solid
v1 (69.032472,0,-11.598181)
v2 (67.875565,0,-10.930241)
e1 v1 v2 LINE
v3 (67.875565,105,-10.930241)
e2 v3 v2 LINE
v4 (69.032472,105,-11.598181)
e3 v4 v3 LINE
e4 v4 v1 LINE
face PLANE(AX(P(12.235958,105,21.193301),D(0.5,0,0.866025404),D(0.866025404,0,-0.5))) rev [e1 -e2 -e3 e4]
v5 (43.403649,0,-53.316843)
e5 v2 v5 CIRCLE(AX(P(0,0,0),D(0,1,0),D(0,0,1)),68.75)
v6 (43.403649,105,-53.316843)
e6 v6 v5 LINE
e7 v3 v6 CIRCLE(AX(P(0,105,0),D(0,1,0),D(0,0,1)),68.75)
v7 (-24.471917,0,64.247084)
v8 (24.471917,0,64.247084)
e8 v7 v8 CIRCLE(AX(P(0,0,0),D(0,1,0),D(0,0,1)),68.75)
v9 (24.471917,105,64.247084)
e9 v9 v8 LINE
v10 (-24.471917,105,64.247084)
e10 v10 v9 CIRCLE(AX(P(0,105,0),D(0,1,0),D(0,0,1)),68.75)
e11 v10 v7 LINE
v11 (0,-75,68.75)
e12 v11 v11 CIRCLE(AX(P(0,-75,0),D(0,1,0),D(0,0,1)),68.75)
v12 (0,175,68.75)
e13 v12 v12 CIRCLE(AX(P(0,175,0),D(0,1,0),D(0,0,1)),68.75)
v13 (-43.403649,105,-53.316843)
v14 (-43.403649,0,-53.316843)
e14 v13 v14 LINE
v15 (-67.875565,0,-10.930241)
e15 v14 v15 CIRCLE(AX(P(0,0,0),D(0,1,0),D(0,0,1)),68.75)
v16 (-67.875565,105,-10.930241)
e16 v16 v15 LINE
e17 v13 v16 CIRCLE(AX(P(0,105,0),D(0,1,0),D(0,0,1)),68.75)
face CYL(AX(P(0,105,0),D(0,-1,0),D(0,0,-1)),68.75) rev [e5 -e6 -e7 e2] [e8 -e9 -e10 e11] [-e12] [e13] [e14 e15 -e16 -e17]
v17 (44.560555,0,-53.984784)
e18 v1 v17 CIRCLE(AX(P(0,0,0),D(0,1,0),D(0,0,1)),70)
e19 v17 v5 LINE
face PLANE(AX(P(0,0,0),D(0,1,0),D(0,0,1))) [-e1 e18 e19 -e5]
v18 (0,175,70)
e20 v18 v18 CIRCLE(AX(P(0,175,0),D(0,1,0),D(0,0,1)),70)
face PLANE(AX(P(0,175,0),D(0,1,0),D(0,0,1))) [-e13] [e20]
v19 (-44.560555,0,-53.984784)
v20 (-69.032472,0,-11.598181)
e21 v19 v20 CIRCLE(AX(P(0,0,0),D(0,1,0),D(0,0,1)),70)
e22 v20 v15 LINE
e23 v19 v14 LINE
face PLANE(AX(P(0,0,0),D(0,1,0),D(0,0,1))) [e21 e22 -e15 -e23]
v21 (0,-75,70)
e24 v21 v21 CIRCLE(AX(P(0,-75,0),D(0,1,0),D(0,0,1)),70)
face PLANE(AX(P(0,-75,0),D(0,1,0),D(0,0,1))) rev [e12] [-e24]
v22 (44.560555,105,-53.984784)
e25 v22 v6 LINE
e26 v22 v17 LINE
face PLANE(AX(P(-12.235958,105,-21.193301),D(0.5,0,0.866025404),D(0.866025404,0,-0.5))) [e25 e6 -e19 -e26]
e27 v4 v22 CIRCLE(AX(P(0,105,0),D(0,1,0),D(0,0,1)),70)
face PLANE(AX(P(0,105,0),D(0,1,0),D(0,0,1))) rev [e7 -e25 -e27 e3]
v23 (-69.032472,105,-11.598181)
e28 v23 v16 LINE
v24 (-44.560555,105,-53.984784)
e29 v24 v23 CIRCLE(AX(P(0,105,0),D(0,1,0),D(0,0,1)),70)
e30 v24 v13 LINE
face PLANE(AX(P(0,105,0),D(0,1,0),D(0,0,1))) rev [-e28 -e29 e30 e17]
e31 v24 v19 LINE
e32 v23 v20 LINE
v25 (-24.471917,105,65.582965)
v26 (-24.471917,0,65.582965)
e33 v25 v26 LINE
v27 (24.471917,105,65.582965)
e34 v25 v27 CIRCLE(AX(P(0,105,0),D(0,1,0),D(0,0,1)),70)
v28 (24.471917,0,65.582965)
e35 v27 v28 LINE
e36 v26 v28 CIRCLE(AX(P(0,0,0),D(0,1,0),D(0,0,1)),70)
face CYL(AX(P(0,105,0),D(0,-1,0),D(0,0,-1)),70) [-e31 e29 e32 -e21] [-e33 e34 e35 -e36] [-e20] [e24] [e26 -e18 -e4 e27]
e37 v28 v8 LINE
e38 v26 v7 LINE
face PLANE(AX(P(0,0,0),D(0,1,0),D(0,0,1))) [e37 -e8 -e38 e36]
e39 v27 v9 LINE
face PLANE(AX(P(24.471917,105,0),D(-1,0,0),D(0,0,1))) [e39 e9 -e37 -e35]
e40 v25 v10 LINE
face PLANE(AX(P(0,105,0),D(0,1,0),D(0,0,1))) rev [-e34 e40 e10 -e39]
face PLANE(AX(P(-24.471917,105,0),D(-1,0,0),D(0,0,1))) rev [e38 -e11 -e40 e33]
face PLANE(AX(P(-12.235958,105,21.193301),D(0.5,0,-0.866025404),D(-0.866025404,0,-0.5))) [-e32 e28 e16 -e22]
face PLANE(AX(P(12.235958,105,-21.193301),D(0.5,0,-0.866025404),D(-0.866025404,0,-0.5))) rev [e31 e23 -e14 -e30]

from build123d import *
from build123d.topology import SkipClean

# Parameters (mm, degrees)
BOSS_EXTRUDE7_DEPTH   = 105
BOSS_EXTRUDE7_2_DEPTH = 105
BOSS_EXTRUDE7_3_DEPTH = 105
BOSS_EXTRUDE8_START   = 105
BOSS_EXTRUDE8_DEPTH   = 70
BOSS_EXTRUDE9_START   = -75
BOSS_EXTRUDE9_DEPTH   = 75


with BuildPart() as part:
    # Sketch1 → Boss-Extrude7 (new body)
    with BuildSketch(Plane(origin=(0, 0, 0), x_dir=(1, 0, 0), z_dir=(0, 1, 0))):
        with BuildLine():
            ThreePointArc((44.560555468860024, 53.984783933129265), (3.537e-14, 70.00000000000001), (-44.56055546885996, 53.98478393312931))
            Line((-44.56055546886001, 53.984783933129364), (-43.403648557534325, 53.31684341644816))
            ThreePointArc((-43.403648557534325, 53.31684341644814), (1.28652e-12, 68.75), (43.403648557536336, 53.3168434164465))
            Line((43.40364855753577, 53.3168434164489), (44.56055546886009, 53.984783933129336))
        make_face()
    extrude(amount=BOSS_EXTRUDE7_DEPTH)



with BuildPart() as body_2:
    # Sketch1 → Boss-Extrude7 2 (new body)
    with BuildSketch(Plane(origin=(0, 0, 0), x_dir=(1, 0, 0), z_dir=(0, 1, 0))):
        with BuildLine():
            ThreePointArc((70.00000000000001, 0), (69.75769865284899, 5.819233511237749), (69.03247203833395, 11.598181076213804))
            Line((69.03247203833403, 11.59818107621382), (67.87556512700833, 10.930240559532546))
            ThreePointArc((67.87556512700833, 10.930240559532546), (68.53104261019901, 5.482581395573491), (68.75, 0))
            ThreePointArc((68.75, -1.684e-14), (56.60833315047941, -39.01357607198209), (24.471916569473954, -64.24708397598062))
            Line((24.47191656947394, -64.24708397598064), (24.471916569473937, -65.58296500934298))
            ThreePointArc((24.47191656947391, -65.58296500934301), (57.50232238728785, -39.91845337771012), (70.00000000000001, -1.715e-14))
        make_face()
    extrude(amount=BOSS_EXTRUDE7_2_DEPTH)


with BuildPart() as body_3:
    # Sketch1 → Boss-Extrude7 3 (new body)
    with BuildSketch(Plane(origin=(0, 0, 0), x_dir=(1, 0, 0), z_dir=(0, 1, 0))):
        with BuildLine():
            Line((-67.87556512700831, 10.93024055953267), (-69.03247203833394, 11.598181076213848))
            ThreePointArc((-69.03247203833394, 11.598181076213844), (-60.621778264910745, -34.999999999999964), (-24.471916569473937, -65.58296500934301))
            Line((-24.471916569473937, -65.58296500934298), (-24.47191656947394, -64.24708397598064))
            ThreePointArc((-24.47191656947398, -64.24708397598062), (-53.31684341644806, -43.40364855753442), (-67.87556512700831, -10.930240559532654))
            ThreePointArc((-67.87556512700831, -10.930240559532654), (-68.75, 8.42e-15), (-67.87556512700831, 10.93024055953267))
        make_face()
    extrude(amount=BOSS_EXTRUDE7_3_DEPTH)


with BuildPart() as part_1:
    add(part.part)

    add(body_2.part)  # Boss-Extrude8 merges body 2

    add(body_3.part)  # Boss-Extrude8 merges body 3
    # Sketch1<22> → Boss-Extrude8 (add)
    with BuildSketch(Plane(origin=(0, 0, 0), x_dir=(1, 0, 0), z_dir=(0, 1, 0)).offset(BOSS_EXTRUDE8_START)):
        with BuildLine():
            Line((-44.56055546886001, 53.984783933129364), (-46.48344921652614, 50.6542342646151))
            ThreePointArc((-46.4834492165269, 50.654234264615674), (-44.96326231975128, 52.008341076842996), (-43.403648557534325, 53.31684341644814))
            Line((-43.403648557534325, 53.31684341644816), (-44.56055546886001, 53.984783933129364))
        make_face()
        with BuildLine():
            ThreePointArc((-53.90604277152018, 42.669673688874596), (-50.353260344306015, 46.809311816117734), (-46.4834492165269, 50.654234264615674))
            Line((-46.48344921652614, 50.6542342646151), (-44.56055546886001, 53.984783933129364))
            ThreePointArc((-44.56055546885996, 53.98478393312931), (-50.06606053801366, 48.9222810404825), (-54.99999999999996, 43.30127018922201))
            Line((-54.99999999999998, 43.30127018922202), (-53.9060427715193, 42.66967368887677))
        make_face()
        with BuildLine():
            ThreePointArc((-63.90604277151851, 25.349165613188287), (-62.93593715669987, 27.670025554883836), (-61.88157858292415, 29.953843360834068))
            ThreePointArc((-61.88157858292415, 29.953843360834068), (-58.241878403455715, 36.530071174815404), (-53.90604277152018, 42.669673688874596))
            Line((-53.9060427715193, 42.66967368887677), (-54.99999999999998, 43.30127018922202))
            ThreePointArc((-54.99999999999996, 43.30127018922201), (-60.621778264910674, 35.000000000000085), (-64.99999999999997, 25.980762113533245))
            Line((-64.99999999999997, 25.980762113533242), (-63.90604277151891, 25.349165613187772))
        make_face()
        with BuildLine():
            Line((-69.03247203833394, 11.598181076213848), (-67.10957829067064, 14.92873074472319))
            ThreePointArc((-67.10957829066999, 14.928730744722952), (-65.71468333857909, 20.20254671347838), (-63.90604277151851, 25.349165613188287))
            Line((-63.90604277151891, 25.349165613187772), (-64.99999999999997, 25.980762113533242))
            ThreePointArc((-64.99999999999997, 25.980762113533245), (-67.40096846114643, 18.897339773088344), (-69.03247203833394, 11.598181076213844))
        make_face()
        with BuildLine():
            ThreePointArc((-67.87556512700831, 10.93024055953267), (-67.5221757411079, 12.935156867504151), (-67.10957829066999, 14.928730744722952))
            Line((-67.10957829067064, 14.92873074472319), (-69.03247203833394, 11.598181076213848))
            Line((-69.03247203833394, 11.598181076213848), (-67.87556512700831, 10.93024055953267))
        make_face()
        with BuildLine():
            Line((-67.87556512700831, 10.93024055953267), (-69.03247203833394, 11.598181076213848))
            ThreePointArc((-69.03247203833394, 11.598181076213844), (-60.621778264910745, -34.999999999999964), (-24.471916569473937, -65.58296500934301))
            Line((-24.471916569473937, -65.58296500934298), (-24.47191656947394, -64.24708397598064))
            ThreePointArc((-24.47191656947398, -64.24708397598062), (-53.31684341644806, -43.40364855753442), (-67.87556512700831, -10.930240559532654))
            ThreePointArc((-67.87556512700831, -10.930240559532654), (-68.75, 8.42e-15), (-67.87556512700831, 10.93024055953267))
        make_face()
        with BuildLine():
            Line((-24.47191656947394, -64.24708397598064), (-24.471916569473937, -65.58296500934298))
            Line((-24.471916569473937, -65.58296500934298), (-20.626129074147464, -65.58296500934298))
            ThreePointArc((-20.626129074147347, -65.58296500934227), (-22.558913421358792, -64.9434979443488), (-24.47191656947398, -64.24708397598062))
        make_face()
        with BuildLine():
            Line((-20.626129074147464, -65.58296500934298), (-24.471916569473937, -65.58296500934298))
            ThreePointArc((-24.471916569473937, -65.58296500934301), (-17.334907923132807, -67.81962081357068), (-10.000000000000046, -69.2820323027551))
            Line((-10.000000000000002, -69.28203230275511), (-10.000000000000002, -68.01883930206449))
            ThreePointArc((-9.999999999998154, -68.01883930206422), (-15.361422994275008, -67.01185852959877), (-20.626129074147347, -65.58296500934227))
        make_face()
        with BuildLine():
            Line((-10.000000000000002, -68.01883930206449), (-10.000000000000002, -69.28203230275511))
            ThreePointArc((-10.000000000000046, -69.2820323027551), (-1.286e-14, -70.00000000000001), (10.000000000000021, -69.2820323027551))
            Line((10.000000000000002, -69.28203230275511), (10.000000000000002, -68.01883930206453))
            ThreePointArc((9.999999999997948, -68.01883930206425), (7.5050235244553045, -68.33913316612505), (5.000000000000001, -68.56794075951238))
            ThreePointArc((5.000000000000001, -68.56794075951238), (-2.5150304377160433, -68.70398184892461), (-9.999999999998154, -68.01883930206422))
        make_face()
        with BuildLine():
            Line((20.626129074142252, -65.58296500934298), (24.471916569473937, -65.58296500934298))
            Line((24.471916569473937, -65.58296500934298), (24.47191656947394, -64.24708397598064))
            ThreePointArc((24.471916569473954, -64.24708397598062), (22.55891342135629, -64.94349794434969), (20.62612907414237, -65.58296500934384))
        make_face()
        with BuildLine():
            Line((10.000000000000002, -68.01883930206453), (10.000000000000002, -69.28203230275511))
            ThreePointArc((10.000000000000021, -69.2820323027551), (17.334907923132782, -67.8196208135707), (24.47191656947391, -65.58296500934301))
            Line((24.471916569473937, -65.58296500934298), (20.626129074142252, -65.58296500934298))
            ThreePointArc((20.62612907414237, -65.58296500934384), (15.361422994272365, -67.01185852959937), (9.999999999997948, -68.01883930206425))
        make_face()
        with BuildLine():
            ThreePointArc((70.00000000000001, 0), (69.75769865284899, 5.819233511237749), (69.03247203833395, 11.598181076213804))
            Line((69.03247203833403, 11.59818107621382), (67.87556512700833, 10.930240559532546))
            ThreePointArc((67.87556512700833, 10.930240559532546), (68.53104261019901, 5.482581395573491), (68.75, 0))
            ThreePointArc((68.75, -1.684e-14), (56.60833315047941, -39.01357607198209), (24.471916569473954, -64.24708397598062))
            Line((24.47191656947394, -64.24708397598064), (24.471916569473937, -65.58296500934298))
            ThreePointArc((24.47191656947391, -65.58296500934301), (57.50232238728785, -39.91845337771012), (70.00000000000001, -1.715e-14))
        make_face()
        with BuildLine():
            Line((67.87556512700833, 10.930240559532546), (69.03247203833403, 11.59818107621382))
            Line((69.03247203833403, 11.59818107621382), (67.10957829066899, 14.928730744726206))
            ThreePointArc((67.10957829066923, 14.9287307447263), (67.52217574110759, 12.935156867505773), (67.87556512700833, 10.930240559532546))
        make_face()
        with BuildLine():
            ThreePointArc((69.03247203833395, 11.598181076213804), (67.40096846114645, 18.897339773088273), (65.00000000000001, 25.980762113533164))
            Line((65.00000000000011, 25.980762113533206), (63.90604277151851, 25.349165613187427))
            ThreePointArc((63.906042771519196, 25.34916561318654), (65.71468333857887, 20.202546713479123), (67.10957829066923, 14.9287307447263))
            Line((67.10957829066899, 14.928730744726206), (69.03247203833403, 11.59818107621382))
        make_face()
        with BuildLine():
            ThreePointArc((65.00000000000001, 25.980762113533164), (60.62177826491072, 35), (55.00000000000002, 43.30127018922193))
            Line((55.0000000000001, 43.30127018922198), (53.90604277151935, 42.6696736888767))
            ThreePointArc((53.906042771520234, 42.66967368887453), (55.43091363224439, 40.669107611240534), (56.88157858292419, 38.614097398678375))
            ThreePointArc((56.88157858292419, 38.614097398678375), (60.75690884117242, 32.17391067410776), (63.906042771519196, 25.34916561318654))
            Line((63.90604277151851, 25.349165613187427), (65.00000000000011, 25.980762113533206))
        make_face()
        with BuildLine():
            ThreePointArc((55.00000000000002, 43.30127018922193), (50.0660605380137, 48.92228104048245), (44.560555468860024, 53.984783933129265))
            Line((44.56055546886009, 53.984783933129336), (46.48344921652566, 50.654234264616036))
            ThreePointArc((46.48344921652611, 50.6542342646164), (50.353260344305696, 46.809311816118075), (53.906042771520234, 42.66967368887453))
            Line((53.90604277151935, 42.6696736888767), (55.0000000000001, 43.30127018922198))
        make_face()
        with BuildLine():
            Line((44.56055546886009, 53.984783933129336), (43.40364855753577, 53.3168434164489))
            ThreePointArc((43.403648557536336, 53.3168434164465), (44.96326231975186, 52.0083410768425), (46.48344921652611, 50.6542342646164))
            Line((46.48344921652566, 50.654234264616036), (44.56055546886009, 53.984783933129336))
        make_face()
        with BuildLine():
            ThreePointArc((44.560555468860024, 53.984783933129265), (3.537e-14, 70.00000000000001), (-44.56055546885996, 53.98478393312931))
            Line((-44.56055546886001, 53.984783933129364), (-43.403648557534325, 53.31684341644816))
            ThreePointArc((-43.403648557534325, 53.31684341644814), (1.28652e-12, 68.75), (43.403648557536336, 53.3168434164465))
            Line((43.40364855753577, 53.3168434164489), (44.56055546886009, 53.984783933129336))
        make_face()
    extrude(amount=BOSS_EXTRUDE8_DEPTH)

    # Sketch1<23> → Boss-Extrude9 (add)
    with SkipClean():  # the faces are left unmerged after this step: merging them gives an invalid solid
        with BuildSketch(Plane(origin=(0, 0, 0), x_dir=(1, 0, 0), z_dir=(0, 1, 0)).offset(BOSS_EXTRUDE9_START)):
            with BuildLine():
                ThreePointArc((-53.90604277152018, 42.669673688874596), (-50.353260344306015, 46.809311816117734), (-46.4834492165269, 50.654234264615674))
                Line((-46.48344921652614, 50.6542342646151), (-44.56055546886001, 53.984783933129364))
                ThreePointArc((-44.56055546885996, 53.98478393312931), (-50.06606053801366, 48.9222810404825), (-54.99999999999996, 43.30127018922201))
                Line((-54.99999999999998, 43.30127018922202), (-53.9060427715193, 42.66967368887677))
            make_face()
            with BuildLine():
                ThreePointArc((-63.90604277151851, 25.349165613188287), (-62.93593715669987, 27.670025554883836), (-61.88157858292415, 29.953843360834068))
                ThreePointArc((-61.88157858292415, 29.953843360834068), (-58.241878403455715, 36.530071174815404), (-53.90604277152018, 42.669673688874596))
                Line((-53.9060427715193, 42.66967368887677), (-54.99999999999998, 43.30127018922202))
                ThreePointArc((-54.99999999999996, 43.30127018922201), (-60.621778264910674, 35.000000000000085), (-64.99999999999997, 25.980762113533245))
                Line((-64.99999999999997, 25.980762113533242), (-63.90604277151891, 25.349165613187772))
            make_face()
            with BuildLine():
                Line((-69.03247203833394, 11.598181076213848), (-67.10957829067064, 14.92873074472319))
                ThreePointArc((-67.10957829066999, 14.928730744722952), (-65.71468333857909, 20.20254671347838), (-63.90604277151851, 25.349165613188287))
                Line((-63.90604277151891, 25.349165613187772), (-64.99999999999997, 25.980762113533242))
                ThreePointArc((-64.99999999999997, 25.980762113533245), (-67.40096846114643, 18.897339773088344), (-69.03247203833394, 11.598181076213844))
            make_face()
            with BuildLine():
                ThreePointArc((-67.87556512700831, 10.93024055953267), (-67.5221757411079, 12.935156867504151), (-67.10957829066999, 14.928730744722952))
                Line((-67.10957829067064, 14.92873074472319), (-69.03247203833394, 11.598181076213848))
                Line((-69.03247203833394, 11.598181076213848), (-67.87556512700831, 10.93024055953267))
            make_face()
            with BuildLine():
                Line((-67.87556512700831, 10.93024055953267), (-69.03247203833394, 11.598181076213848))
                ThreePointArc((-69.03247203833394, 11.598181076213844), (-60.621778264910745, -34.999999999999964), (-24.471916569473937, -65.58296500934301))
                Line((-24.471916569473937, -65.58296500934298), (-24.47191656947394, -64.24708397598064))
                ThreePointArc((-24.47191656947398, -64.24708397598062), (-53.31684341644806, -43.40364855753442), (-67.87556512700831, -10.930240559532654))
                ThreePointArc((-67.87556512700831, -10.930240559532654), (-68.75, 8.42e-15), (-67.87556512700831, 10.93024055953267))
            make_face()
            with BuildLine():
                Line((-44.56055546886001, 53.984783933129364), (-46.48344921652614, 50.6542342646151))
                ThreePointArc((-46.4834492165269, 50.654234264615674), (-44.96326231975128, 52.008341076842996), (-43.403648557534325, 53.31684341644814))
                Line((-43.403648557534325, 53.31684341644816), (-44.56055546886001, 53.984783933129364))
            make_face()
            with BuildLine():
                ThreePointArc((44.560555468860024, 53.984783933129265), (3.537e-14, 70.00000000000001), (-44.56055546885996, 53.98478393312931))
                Line((-44.56055546886001, 53.984783933129364), (-43.403648557534325, 53.31684341644816))
                ThreePointArc((-43.403648557534325, 53.31684341644814), (1.28652e-12, 68.75), (43.403648557536336, 53.3168434164465))
                Line((43.40364855753577, 53.3168434164489), (44.56055546886009, 53.984783933129336))
            make_face()
            with BuildLine():
                Line((44.56055546886009, 53.984783933129336), (43.40364855753577, 53.3168434164489))
                ThreePointArc((43.403648557536336, 53.3168434164465), (44.96326231975186, 52.0083410768425), (46.48344921652611, 50.6542342646164))
                Line((46.48344921652566, 50.654234264616036), (44.56055546886009, 53.984783933129336))
            make_face()
            with BuildLine():
                ThreePointArc((55.00000000000002, 43.30127018922193), (50.0660605380137, 48.92228104048245), (44.560555468860024, 53.984783933129265))
                Line((44.56055546886009, 53.984783933129336), (46.48344921652566, 50.654234264616036))
                ThreePointArc((46.48344921652611, 50.6542342646164), (50.353260344305696, 46.809311816118075), (53.906042771520234, 42.66967368887453))
                Line((53.90604277151935, 42.6696736888767), (55.0000000000001, 43.30127018922198))
            make_face()
            with BuildLine():
                ThreePointArc((65.00000000000001, 25.980762113533164), (60.62177826491072, 35), (55.00000000000002, 43.30127018922193))
                Line((55.0000000000001, 43.30127018922198), (53.90604277151935, 42.6696736888767))
                ThreePointArc((53.906042771520234, 42.66967368887453), (55.43091363224439, 40.669107611240534), (56.88157858292419, 38.614097398678375))
                ThreePointArc((56.88157858292419, 38.614097398678375), (60.75690884117242, 32.17391067410776), (63.906042771519196, 25.34916561318654))
                Line((63.90604277151851, 25.349165613187427), (65.00000000000011, 25.980762113533206))
            make_face()
            with BuildLine():
                ThreePointArc((69.03247203833395, 11.598181076213804), (67.40096846114645, 18.897339773088273), (65.00000000000001, 25.980762113533164))
                Line((65.00000000000011, 25.980762113533206), (63.90604277151851, 25.349165613187427))
                ThreePointArc((63.906042771519196, 25.34916561318654), (65.71468333857887, 20.202546713479123), (67.10957829066923, 14.9287307447263))
                Line((67.10957829066899, 14.928730744726206), (69.03247203833403, 11.59818107621382))
            make_face()
            with BuildLine():
                Line((67.87556512700833, 10.930240559532546), (69.03247203833403, 11.59818107621382))
                Line((69.03247203833403, 11.59818107621382), (67.10957829066899, 14.928730744726206))
                ThreePointArc((67.10957829066923, 14.9287307447263), (67.52217574110759, 12.935156867505773), (67.87556512700833, 10.930240559532546))
            make_face()
            with BuildLine():
                ThreePointArc((70.00000000000001, 0), (69.75769865284899, 5.819233511237749), (69.03247203833395, 11.598181076213804))
                Line((69.03247203833403, 11.59818107621382), (67.87556512700833, 10.930240559532546))
                ThreePointArc((67.87556512700833, 10.930240559532546), (68.53104261019901, 5.482581395573491), (68.75, 0))
                ThreePointArc((68.75, -1.684e-14), (56.60833315047941, -39.01357607198209), (24.471916569473954, -64.24708397598062))
                Line((24.47191656947394, -64.24708397598064), (24.471916569473937, -65.58296500934298))
                ThreePointArc((24.47191656947391, -65.58296500934301), (57.50232238728785, -39.91845337771012), (70.00000000000001, -1.715e-14))
            make_face()
            with BuildLine():
                Line((-24.47191656947394, -64.24708397598064), (-24.471916569473937, -65.58296500934298))
                Line((-24.471916569473937, -65.58296500934298), (-20.626129074147464, -65.58296500934298))
                ThreePointArc((-20.626129074147347, -65.58296500934227), (-22.558913421358792, -64.9434979443488), (-24.47191656947398, -64.24708397598062))
            make_face()
            with BuildLine():
                Line((-20.626129074147464, -65.58296500934298), (-24.471916569473937, -65.58296500934298))
                ThreePointArc((-24.471916569473937, -65.58296500934301), (-17.334907923132807, -67.81962081357068), (-10.000000000000046, -69.2820323027551))
                Line((-10.000000000000002, -69.28203230275511), (-10.000000000000002, -68.01883930206449))
                ThreePointArc((-9.999999999998154, -68.01883930206422), (-15.361422994275008, -67.01185852959877), (-20.626129074147347, -65.58296500934227))
            make_face()
            with BuildLine():
                Line((-10.000000000000002, -68.01883930206449), (-10.000000000000002, -69.28203230275511))
                ThreePointArc((-10.000000000000046, -69.2820323027551), (-1.286e-14, -70.00000000000001), (10.000000000000021, -69.2820323027551))
                Line((10.000000000000002, -69.28203230275511), (10.000000000000002, -68.01883930206453))
                ThreePointArc((9.999999999997948, -68.01883930206425), (7.5050235244553045, -68.33913316612505), (5.000000000000001, -68.56794075951238))
                ThreePointArc((5.000000000000001, -68.56794075951238), (-2.5150304377160433, -68.70398184892461), (-9.999999999998154, -68.01883930206422))
            make_face()
            with BuildLine():
                Line((20.626129074142252, -65.58296500934298), (24.471916569473937, -65.58296500934298))
                Line((24.471916569473937, -65.58296500934298), (24.47191656947394, -64.24708397598064))
                ThreePointArc((24.471916569473954, -64.24708397598062), (22.55891342135629, -64.94349794434969), (20.62612907414237, -65.58296500934384))
            make_face()
            with BuildLine():
                Line((10.000000000000002, -68.01883930206453), (10.000000000000002, -69.28203230275511))
                ThreePointArc((10.000000000000021, -69.2820323027551), (17.334907923132782, -67.8196208135707), (24.47191656947391, -65.58296500934301))
                Line((24.471916569473937, -65.58296500934298), (20.626129074142252, -65.58296500934298))
                ThreePointArc((20.62612907414237, -65.58296500934384), (15.361422994272365, -67.01185852959937), (9.999999999997948, -68.01883930206425))
            make_face()
        extrude(amount=BOSS_EXTRUDE9_DEPTH)


solid = part_1.part
